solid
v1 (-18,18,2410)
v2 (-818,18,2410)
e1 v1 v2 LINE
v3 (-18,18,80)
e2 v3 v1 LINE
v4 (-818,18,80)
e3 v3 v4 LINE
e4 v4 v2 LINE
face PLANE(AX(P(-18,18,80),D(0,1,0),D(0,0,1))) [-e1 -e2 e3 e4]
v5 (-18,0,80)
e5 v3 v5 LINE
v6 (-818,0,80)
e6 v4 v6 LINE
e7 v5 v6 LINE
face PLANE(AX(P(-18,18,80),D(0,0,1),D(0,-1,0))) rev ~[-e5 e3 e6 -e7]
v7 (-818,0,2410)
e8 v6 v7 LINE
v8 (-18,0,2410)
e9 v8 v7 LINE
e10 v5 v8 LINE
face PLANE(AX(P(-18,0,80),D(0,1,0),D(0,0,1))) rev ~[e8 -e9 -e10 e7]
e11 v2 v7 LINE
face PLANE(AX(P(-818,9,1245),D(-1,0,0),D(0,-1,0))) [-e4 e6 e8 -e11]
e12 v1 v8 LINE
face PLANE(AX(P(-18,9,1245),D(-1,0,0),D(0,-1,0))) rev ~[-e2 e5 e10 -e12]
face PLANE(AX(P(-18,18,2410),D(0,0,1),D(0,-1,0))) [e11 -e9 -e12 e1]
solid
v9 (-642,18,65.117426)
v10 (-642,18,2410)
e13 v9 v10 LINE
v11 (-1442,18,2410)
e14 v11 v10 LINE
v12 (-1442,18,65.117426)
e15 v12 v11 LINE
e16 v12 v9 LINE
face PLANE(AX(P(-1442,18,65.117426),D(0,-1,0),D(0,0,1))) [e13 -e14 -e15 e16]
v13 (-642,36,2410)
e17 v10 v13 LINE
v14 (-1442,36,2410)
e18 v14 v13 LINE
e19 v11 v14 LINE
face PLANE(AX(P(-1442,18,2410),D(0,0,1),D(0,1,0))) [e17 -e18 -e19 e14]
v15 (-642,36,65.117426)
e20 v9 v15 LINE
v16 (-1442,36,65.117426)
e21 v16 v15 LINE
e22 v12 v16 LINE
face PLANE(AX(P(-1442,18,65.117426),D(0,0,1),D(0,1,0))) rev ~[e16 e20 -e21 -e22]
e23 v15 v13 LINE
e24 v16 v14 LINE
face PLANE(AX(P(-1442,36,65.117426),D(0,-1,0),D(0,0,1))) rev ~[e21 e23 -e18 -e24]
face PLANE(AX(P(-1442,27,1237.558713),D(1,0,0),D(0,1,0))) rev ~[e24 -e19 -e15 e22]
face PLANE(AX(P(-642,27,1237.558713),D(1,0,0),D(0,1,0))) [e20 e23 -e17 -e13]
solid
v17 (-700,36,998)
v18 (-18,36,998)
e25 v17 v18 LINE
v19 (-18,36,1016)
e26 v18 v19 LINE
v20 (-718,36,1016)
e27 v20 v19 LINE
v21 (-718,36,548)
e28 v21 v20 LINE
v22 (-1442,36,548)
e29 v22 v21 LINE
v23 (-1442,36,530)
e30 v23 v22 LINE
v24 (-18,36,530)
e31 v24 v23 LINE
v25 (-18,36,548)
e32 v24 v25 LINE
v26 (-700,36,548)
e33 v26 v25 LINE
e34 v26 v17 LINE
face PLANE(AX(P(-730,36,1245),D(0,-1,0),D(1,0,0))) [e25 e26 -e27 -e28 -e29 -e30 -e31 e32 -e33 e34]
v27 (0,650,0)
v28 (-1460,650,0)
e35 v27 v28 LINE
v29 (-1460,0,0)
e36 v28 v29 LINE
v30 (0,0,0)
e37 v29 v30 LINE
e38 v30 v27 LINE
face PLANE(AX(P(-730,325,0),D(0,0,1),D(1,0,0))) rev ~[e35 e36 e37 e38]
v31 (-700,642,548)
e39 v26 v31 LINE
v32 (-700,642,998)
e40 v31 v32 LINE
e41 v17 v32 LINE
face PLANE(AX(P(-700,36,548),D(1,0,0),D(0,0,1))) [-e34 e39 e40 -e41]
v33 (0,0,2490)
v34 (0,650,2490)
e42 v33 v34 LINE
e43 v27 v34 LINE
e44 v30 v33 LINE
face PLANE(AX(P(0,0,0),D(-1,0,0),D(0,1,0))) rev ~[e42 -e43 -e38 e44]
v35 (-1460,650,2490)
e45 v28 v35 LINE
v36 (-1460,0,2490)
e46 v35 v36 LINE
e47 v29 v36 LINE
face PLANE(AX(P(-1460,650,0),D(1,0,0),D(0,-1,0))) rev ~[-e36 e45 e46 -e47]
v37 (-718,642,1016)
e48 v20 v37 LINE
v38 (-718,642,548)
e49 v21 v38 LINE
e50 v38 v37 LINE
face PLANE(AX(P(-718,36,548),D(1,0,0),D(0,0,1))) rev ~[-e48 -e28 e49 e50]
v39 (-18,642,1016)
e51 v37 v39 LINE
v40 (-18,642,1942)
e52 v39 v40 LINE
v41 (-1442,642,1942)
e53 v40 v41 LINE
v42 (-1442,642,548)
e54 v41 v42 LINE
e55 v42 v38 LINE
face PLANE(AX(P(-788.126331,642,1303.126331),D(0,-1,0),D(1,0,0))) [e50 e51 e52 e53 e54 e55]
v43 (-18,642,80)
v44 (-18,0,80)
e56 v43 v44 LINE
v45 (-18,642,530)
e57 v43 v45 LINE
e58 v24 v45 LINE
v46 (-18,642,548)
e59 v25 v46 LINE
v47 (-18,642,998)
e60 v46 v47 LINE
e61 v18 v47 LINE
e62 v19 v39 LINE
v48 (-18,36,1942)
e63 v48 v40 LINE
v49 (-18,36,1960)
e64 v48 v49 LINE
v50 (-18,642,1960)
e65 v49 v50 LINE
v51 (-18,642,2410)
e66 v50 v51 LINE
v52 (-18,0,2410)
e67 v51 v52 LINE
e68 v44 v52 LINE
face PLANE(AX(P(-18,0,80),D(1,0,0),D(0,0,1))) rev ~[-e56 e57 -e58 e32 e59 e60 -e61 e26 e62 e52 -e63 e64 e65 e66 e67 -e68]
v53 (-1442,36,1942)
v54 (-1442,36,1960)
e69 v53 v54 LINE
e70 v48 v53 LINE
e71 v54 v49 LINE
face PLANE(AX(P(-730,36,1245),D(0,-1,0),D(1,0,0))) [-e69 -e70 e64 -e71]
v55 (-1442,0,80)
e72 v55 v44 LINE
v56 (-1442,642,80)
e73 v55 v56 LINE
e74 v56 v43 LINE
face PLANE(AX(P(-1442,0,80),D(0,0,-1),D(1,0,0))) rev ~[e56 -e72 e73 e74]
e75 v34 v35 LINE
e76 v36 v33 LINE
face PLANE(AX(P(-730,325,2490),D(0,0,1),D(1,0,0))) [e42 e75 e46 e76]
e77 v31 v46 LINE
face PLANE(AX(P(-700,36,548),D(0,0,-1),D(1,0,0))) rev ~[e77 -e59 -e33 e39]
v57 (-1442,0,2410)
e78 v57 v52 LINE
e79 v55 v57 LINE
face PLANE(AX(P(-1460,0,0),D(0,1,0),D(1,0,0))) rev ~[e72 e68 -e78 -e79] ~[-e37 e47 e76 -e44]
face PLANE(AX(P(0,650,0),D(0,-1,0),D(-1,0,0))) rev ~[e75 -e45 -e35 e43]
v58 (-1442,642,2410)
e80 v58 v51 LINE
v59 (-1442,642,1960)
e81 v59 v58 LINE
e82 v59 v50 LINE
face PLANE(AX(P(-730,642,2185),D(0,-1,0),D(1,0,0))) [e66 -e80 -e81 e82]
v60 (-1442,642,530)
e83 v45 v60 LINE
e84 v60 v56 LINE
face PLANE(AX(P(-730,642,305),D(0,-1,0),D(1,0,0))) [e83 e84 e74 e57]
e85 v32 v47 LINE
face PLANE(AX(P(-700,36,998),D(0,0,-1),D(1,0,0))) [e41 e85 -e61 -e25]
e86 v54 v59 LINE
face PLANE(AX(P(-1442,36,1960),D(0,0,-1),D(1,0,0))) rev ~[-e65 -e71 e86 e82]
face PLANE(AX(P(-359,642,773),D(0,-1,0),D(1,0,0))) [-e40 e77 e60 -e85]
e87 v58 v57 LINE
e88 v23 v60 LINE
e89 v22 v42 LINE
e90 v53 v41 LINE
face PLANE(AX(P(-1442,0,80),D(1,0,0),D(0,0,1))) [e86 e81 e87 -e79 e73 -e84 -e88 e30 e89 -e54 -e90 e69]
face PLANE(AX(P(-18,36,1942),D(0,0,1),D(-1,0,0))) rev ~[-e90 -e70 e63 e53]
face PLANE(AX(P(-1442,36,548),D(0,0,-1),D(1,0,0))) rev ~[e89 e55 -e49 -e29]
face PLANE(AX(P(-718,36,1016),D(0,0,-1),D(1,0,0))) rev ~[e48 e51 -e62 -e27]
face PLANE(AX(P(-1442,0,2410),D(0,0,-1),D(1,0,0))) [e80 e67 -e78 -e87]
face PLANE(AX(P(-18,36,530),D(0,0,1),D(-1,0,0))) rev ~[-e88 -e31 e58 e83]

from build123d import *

# Parameters (mm, degrees)
F1_DEPTH = 2490
F2_W     = 1424
F2_H     = 2330
F3_DEPTH = 36
F4_W     = 1424
F4_H     = 450
F4_W_2   = 682
F5_DEPTH = 606
F6_W     = 18
F6_H     = 2330
F7_DEPTH = 800
F8_W     = 18
F8_H     = 2344.882574
F9_DEPTH = 800


with BuildPart() as f1:
    # F0 (on Top) → F1 (new body)
    with BuildSketch(Plane.XY):
        Polygon((-1460, 0), (0, 0), (0, 650), (-1460, 650), (-1460, 430), (-1460, 325), align=None)
    extrude(amount=F1_DEPTH)

    # F2 (on face) → F3 (cut)
    with BuildSketch(Plane.XZ):
        with Locations((-730, 1245)):
            Rectangle(F2_W, F2_H)
    extrude(amount=-F3_DEPTH, mode=Mode.SUBTRACT)

    # F4 (on face) → F5 (cut)
    with BuildSketch(Plane.XZ.offset(-36)):
        with Locations((-730, 2185)):
            Rectangle(F4_W, F4_H)
        with Locations((-359, 773)):
            Rectangle(F4_W_2, F4_H)
        Polygon((-18, 1942), (-1442, 1942), (-1442, 548), (-718, 548), (-718, 1016), (-18, 1016), align=None)
        Polygon((-18, 530), (-1442, 530), (-1442, 104.263887), (-1442, 80), (-18, 80), align=None)
    extrude(amount=-F5_DEPTH, mode=Mode.SUBTRACT)


with BuildPart() as f7:
    # F6 (on face) → F7 (new body)
    with BuildSketch(Plane(origin=(-18, 0, 0), x_dir=(0, -1, 0), z_dir=(-1, 0, 0))):
        with Locations((-9, 1245)):
            Rectangle(F6_W, F6_H)
    extrude(amount=F7_DEPTH)


with BuildPart() as f9:
    # F8 (on face) → F9 (new body)
    with BuildSketch(Plane.YZ.offset(-1442)):
        with Locations((27, 1237.558713)):
            Rectangle(F8_W, F8_H)
    extrude(amount=F9_DEPTH)


solid = Compound([f1.part, f7.part, f9.part])
